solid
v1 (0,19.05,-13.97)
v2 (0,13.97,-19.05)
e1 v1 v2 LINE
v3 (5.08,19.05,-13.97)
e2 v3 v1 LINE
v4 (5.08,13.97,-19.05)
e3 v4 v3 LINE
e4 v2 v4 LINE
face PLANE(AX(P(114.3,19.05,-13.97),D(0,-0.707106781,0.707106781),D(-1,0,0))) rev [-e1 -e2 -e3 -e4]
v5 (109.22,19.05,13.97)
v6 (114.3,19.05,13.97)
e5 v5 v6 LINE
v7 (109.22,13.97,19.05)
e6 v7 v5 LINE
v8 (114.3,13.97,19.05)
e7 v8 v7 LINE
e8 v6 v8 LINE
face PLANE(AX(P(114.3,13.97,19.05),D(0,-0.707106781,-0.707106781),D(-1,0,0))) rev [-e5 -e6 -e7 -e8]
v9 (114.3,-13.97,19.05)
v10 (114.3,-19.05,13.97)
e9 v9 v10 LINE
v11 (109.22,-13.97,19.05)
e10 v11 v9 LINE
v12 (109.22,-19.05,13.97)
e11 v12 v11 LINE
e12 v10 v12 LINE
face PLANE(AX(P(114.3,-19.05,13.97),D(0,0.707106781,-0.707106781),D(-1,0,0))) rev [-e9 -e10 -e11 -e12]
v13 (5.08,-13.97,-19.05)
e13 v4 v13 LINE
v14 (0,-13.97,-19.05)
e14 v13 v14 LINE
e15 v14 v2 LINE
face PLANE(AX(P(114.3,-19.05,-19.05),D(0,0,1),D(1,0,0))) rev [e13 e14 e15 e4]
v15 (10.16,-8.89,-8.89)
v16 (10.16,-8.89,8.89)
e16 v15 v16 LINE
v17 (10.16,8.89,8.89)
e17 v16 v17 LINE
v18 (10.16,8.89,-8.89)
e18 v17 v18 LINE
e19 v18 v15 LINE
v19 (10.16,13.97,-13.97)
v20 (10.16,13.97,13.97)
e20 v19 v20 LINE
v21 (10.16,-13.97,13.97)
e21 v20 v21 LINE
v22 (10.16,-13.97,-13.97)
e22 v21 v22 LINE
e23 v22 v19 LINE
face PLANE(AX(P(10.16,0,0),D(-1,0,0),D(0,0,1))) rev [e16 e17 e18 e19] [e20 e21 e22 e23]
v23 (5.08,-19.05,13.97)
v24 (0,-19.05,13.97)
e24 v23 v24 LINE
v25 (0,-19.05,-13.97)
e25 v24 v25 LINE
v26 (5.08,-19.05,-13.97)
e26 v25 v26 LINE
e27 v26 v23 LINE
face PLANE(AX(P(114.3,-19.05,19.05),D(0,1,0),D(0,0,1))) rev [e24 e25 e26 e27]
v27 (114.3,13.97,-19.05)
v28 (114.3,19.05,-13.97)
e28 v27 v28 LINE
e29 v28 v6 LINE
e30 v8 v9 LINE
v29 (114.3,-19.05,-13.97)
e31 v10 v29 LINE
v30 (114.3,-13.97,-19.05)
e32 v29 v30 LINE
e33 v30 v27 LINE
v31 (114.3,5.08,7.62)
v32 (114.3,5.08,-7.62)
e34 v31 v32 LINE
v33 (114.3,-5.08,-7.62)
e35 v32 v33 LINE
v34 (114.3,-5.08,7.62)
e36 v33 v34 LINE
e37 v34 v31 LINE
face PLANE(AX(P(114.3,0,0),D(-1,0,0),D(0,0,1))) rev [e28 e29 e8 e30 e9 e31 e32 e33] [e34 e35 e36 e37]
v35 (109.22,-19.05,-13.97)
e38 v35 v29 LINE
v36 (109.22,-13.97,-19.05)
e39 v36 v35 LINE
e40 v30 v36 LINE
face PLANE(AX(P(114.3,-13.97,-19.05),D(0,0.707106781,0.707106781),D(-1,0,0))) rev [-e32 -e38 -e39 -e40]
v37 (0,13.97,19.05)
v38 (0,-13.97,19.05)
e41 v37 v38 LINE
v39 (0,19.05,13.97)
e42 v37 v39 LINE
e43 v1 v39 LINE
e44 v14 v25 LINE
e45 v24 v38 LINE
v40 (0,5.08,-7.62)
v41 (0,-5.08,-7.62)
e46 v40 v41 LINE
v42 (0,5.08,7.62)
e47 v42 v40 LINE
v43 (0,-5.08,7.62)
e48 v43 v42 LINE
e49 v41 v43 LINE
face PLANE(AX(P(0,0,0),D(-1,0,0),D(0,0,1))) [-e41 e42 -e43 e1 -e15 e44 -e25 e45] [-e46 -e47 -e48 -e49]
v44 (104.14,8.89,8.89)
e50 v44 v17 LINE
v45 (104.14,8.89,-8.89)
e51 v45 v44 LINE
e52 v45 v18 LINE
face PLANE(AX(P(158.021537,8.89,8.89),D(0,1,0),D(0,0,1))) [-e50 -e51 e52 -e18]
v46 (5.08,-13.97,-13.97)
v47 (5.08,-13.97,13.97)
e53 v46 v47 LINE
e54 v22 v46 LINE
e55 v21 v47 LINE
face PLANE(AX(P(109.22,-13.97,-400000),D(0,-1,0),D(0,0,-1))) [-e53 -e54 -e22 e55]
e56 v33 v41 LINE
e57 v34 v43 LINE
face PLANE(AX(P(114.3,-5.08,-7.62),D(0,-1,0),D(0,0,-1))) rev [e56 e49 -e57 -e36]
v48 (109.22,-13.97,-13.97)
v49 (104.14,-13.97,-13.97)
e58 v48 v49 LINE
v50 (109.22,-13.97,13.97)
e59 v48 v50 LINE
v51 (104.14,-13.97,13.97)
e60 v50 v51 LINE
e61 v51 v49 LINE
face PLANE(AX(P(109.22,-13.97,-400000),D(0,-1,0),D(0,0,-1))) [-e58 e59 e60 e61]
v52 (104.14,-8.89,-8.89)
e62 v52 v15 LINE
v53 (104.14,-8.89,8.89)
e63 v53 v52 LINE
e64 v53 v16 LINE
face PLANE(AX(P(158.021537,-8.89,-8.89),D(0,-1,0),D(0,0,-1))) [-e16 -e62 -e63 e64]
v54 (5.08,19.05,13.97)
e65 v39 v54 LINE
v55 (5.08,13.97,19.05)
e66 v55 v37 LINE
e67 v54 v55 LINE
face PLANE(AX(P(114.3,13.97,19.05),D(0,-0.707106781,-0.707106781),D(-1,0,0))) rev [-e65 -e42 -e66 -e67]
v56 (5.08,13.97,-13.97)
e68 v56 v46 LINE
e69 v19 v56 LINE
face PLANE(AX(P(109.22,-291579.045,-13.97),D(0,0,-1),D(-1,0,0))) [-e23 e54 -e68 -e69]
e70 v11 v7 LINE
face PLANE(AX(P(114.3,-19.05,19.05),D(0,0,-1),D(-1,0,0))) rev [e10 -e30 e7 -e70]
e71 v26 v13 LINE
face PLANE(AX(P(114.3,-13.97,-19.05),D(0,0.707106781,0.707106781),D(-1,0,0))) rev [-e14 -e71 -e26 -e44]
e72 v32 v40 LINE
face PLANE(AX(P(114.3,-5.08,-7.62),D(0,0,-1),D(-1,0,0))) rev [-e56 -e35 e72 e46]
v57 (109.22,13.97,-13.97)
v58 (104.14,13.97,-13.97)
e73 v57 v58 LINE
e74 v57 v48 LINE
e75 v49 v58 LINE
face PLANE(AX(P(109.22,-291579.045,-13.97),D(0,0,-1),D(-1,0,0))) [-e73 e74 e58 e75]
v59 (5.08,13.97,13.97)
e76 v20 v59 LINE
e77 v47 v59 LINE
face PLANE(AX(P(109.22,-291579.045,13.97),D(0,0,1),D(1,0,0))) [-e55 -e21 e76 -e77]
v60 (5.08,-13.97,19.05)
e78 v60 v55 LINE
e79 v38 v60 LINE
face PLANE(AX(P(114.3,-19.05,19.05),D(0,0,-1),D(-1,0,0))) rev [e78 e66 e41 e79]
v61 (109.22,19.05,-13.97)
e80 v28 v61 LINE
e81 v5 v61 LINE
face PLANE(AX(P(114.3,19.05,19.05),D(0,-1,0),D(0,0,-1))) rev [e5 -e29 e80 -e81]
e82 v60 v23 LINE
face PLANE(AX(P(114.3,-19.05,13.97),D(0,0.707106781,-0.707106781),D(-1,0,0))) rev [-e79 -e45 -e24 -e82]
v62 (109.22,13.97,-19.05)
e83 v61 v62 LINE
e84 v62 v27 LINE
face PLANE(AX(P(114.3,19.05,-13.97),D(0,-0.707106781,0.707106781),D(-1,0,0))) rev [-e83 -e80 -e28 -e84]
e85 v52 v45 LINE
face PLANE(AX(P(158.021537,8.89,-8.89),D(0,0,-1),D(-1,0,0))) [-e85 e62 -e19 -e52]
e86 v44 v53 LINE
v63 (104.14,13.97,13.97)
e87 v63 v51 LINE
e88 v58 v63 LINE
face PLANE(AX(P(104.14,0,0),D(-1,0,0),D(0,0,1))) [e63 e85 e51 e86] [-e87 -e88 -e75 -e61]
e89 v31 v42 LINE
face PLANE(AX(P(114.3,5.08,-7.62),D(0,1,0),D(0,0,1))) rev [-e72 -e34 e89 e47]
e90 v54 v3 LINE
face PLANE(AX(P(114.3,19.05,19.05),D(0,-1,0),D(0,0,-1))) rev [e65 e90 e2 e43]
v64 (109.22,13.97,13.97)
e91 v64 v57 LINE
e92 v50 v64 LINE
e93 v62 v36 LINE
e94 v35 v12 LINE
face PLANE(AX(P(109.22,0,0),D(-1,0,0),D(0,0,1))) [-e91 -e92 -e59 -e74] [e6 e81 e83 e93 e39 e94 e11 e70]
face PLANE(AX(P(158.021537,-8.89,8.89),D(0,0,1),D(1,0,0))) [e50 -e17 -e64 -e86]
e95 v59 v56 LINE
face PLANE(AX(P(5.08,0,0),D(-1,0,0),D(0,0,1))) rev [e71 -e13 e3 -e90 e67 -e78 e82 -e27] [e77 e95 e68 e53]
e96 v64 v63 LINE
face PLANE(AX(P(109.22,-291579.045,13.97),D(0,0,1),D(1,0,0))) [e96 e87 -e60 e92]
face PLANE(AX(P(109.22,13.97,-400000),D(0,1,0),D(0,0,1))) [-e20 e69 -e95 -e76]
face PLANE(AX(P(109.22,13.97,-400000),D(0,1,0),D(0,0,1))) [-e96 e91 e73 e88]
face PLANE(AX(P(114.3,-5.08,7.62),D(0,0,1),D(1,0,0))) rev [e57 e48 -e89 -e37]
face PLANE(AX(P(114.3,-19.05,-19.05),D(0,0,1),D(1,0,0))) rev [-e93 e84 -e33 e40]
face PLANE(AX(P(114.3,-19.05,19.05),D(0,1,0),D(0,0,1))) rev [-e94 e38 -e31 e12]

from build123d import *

# Parameters (mm, degrees)
SKETCH1_W           = 38.1
SKETCH1_H           = 38.1
BOSS_EXTRUDE1_DEPTH = 114.3
CUT_EXTRUDE1_START  = -5.08
SKETCH3_W           = 38.1
SKETCH3_H           = 38.1
SKETCH3_W_2         = 27.94
SKETCH3_H_2         = 27.94
CUT_EXTRUDE1_DEPTH  = 104.14
CUT_EXTRUDE2_START  = -93.98
SKETCH4_W           = 38.1
SKETCH4_H           = 38.1
SKETCH4_W_2         = 17.78
SKETCH4_H_2         = 17.78
CUT_EXTRUDE2_DEPTH  = 93.98
SKETCH5_W           = 15.24
SKETCH5_H           = 10.16
CUT_EXTRUDE3_DEPTH  = 118.432086757
CHAMFER1_SIZE       = 5.08


with BuildPart() as part:
    # Sketch1 → Boss-Extrude1 (new body)
    with BuildSketch(Plane(origin=(0, 0, 0), x_dir=(0, 0, -1), z_dir=(1, 0, 0))):
        Rectangle(SKETCH1_W, SKETCH1_H)
    extrude(amount=BOSS_EXTRUDE1_DEPTH)

    # Sketch3 → Cut-Extrude1 (cut)
    with BuildSketch(Plane.ZY.offset(CUT_EXTRUDE1_START)):
        Rectangle(SKETCH3_W, SKETCH3_H)
        Rectangle(SKETCH3_W_2, SKETCH3_H_2, mode=Mode.SUBTRACT)
    extrude(amount=-CUT_EXTRUDE1_DEPTH, mode=Mode.SUBTRACT)

    # Sketch4 → Cut-Extrude2 (cut)
    with BuildSketch(Plane.ZY.offset(-10.16).offset(CUT_EXTRUDE2_START)):
        Rectangle(SKETCH4_W, SKETCH4_H)
        Rectangle(SKETCH4_W_2, SKETCH4_H_2, mode=Mode.SUBTRACT)
    extrude(amount=CUT_EXTRUDE2_DEPTH, mode=Mode.SUBTRACT)

    # Sketch5 → Cut-Extrude3 (cut, through all)
    with BuildSketch(Plane.ZY):
        Rectangle(SKETCH5_W, SKETCH5_H)
    extrude(amount=-CUT_EXTRUDE3_DEPTH, mode=Mode.SUBTRACT)

    # Chamfer1
    chamfer1_edges = [part.edges().sort_by_distance(p)[0] for p in [
        (2.54, -19.05, -19.05),
        (2.54, -19.05, 19.05),
        (2.54, 19.05, 19.05),
        (2.54, 19.05, -19.05),
        (111.76, -19.05, -19.05),
        (111.76, -19.05, 19.05),
        (111.76, 19.05, 19.05),
        (111.76, 19.05, -19.05),
    ]]
    chamfer(chamfer1_edges, length=CHAMFER1_SIZE)


solid = part.part
